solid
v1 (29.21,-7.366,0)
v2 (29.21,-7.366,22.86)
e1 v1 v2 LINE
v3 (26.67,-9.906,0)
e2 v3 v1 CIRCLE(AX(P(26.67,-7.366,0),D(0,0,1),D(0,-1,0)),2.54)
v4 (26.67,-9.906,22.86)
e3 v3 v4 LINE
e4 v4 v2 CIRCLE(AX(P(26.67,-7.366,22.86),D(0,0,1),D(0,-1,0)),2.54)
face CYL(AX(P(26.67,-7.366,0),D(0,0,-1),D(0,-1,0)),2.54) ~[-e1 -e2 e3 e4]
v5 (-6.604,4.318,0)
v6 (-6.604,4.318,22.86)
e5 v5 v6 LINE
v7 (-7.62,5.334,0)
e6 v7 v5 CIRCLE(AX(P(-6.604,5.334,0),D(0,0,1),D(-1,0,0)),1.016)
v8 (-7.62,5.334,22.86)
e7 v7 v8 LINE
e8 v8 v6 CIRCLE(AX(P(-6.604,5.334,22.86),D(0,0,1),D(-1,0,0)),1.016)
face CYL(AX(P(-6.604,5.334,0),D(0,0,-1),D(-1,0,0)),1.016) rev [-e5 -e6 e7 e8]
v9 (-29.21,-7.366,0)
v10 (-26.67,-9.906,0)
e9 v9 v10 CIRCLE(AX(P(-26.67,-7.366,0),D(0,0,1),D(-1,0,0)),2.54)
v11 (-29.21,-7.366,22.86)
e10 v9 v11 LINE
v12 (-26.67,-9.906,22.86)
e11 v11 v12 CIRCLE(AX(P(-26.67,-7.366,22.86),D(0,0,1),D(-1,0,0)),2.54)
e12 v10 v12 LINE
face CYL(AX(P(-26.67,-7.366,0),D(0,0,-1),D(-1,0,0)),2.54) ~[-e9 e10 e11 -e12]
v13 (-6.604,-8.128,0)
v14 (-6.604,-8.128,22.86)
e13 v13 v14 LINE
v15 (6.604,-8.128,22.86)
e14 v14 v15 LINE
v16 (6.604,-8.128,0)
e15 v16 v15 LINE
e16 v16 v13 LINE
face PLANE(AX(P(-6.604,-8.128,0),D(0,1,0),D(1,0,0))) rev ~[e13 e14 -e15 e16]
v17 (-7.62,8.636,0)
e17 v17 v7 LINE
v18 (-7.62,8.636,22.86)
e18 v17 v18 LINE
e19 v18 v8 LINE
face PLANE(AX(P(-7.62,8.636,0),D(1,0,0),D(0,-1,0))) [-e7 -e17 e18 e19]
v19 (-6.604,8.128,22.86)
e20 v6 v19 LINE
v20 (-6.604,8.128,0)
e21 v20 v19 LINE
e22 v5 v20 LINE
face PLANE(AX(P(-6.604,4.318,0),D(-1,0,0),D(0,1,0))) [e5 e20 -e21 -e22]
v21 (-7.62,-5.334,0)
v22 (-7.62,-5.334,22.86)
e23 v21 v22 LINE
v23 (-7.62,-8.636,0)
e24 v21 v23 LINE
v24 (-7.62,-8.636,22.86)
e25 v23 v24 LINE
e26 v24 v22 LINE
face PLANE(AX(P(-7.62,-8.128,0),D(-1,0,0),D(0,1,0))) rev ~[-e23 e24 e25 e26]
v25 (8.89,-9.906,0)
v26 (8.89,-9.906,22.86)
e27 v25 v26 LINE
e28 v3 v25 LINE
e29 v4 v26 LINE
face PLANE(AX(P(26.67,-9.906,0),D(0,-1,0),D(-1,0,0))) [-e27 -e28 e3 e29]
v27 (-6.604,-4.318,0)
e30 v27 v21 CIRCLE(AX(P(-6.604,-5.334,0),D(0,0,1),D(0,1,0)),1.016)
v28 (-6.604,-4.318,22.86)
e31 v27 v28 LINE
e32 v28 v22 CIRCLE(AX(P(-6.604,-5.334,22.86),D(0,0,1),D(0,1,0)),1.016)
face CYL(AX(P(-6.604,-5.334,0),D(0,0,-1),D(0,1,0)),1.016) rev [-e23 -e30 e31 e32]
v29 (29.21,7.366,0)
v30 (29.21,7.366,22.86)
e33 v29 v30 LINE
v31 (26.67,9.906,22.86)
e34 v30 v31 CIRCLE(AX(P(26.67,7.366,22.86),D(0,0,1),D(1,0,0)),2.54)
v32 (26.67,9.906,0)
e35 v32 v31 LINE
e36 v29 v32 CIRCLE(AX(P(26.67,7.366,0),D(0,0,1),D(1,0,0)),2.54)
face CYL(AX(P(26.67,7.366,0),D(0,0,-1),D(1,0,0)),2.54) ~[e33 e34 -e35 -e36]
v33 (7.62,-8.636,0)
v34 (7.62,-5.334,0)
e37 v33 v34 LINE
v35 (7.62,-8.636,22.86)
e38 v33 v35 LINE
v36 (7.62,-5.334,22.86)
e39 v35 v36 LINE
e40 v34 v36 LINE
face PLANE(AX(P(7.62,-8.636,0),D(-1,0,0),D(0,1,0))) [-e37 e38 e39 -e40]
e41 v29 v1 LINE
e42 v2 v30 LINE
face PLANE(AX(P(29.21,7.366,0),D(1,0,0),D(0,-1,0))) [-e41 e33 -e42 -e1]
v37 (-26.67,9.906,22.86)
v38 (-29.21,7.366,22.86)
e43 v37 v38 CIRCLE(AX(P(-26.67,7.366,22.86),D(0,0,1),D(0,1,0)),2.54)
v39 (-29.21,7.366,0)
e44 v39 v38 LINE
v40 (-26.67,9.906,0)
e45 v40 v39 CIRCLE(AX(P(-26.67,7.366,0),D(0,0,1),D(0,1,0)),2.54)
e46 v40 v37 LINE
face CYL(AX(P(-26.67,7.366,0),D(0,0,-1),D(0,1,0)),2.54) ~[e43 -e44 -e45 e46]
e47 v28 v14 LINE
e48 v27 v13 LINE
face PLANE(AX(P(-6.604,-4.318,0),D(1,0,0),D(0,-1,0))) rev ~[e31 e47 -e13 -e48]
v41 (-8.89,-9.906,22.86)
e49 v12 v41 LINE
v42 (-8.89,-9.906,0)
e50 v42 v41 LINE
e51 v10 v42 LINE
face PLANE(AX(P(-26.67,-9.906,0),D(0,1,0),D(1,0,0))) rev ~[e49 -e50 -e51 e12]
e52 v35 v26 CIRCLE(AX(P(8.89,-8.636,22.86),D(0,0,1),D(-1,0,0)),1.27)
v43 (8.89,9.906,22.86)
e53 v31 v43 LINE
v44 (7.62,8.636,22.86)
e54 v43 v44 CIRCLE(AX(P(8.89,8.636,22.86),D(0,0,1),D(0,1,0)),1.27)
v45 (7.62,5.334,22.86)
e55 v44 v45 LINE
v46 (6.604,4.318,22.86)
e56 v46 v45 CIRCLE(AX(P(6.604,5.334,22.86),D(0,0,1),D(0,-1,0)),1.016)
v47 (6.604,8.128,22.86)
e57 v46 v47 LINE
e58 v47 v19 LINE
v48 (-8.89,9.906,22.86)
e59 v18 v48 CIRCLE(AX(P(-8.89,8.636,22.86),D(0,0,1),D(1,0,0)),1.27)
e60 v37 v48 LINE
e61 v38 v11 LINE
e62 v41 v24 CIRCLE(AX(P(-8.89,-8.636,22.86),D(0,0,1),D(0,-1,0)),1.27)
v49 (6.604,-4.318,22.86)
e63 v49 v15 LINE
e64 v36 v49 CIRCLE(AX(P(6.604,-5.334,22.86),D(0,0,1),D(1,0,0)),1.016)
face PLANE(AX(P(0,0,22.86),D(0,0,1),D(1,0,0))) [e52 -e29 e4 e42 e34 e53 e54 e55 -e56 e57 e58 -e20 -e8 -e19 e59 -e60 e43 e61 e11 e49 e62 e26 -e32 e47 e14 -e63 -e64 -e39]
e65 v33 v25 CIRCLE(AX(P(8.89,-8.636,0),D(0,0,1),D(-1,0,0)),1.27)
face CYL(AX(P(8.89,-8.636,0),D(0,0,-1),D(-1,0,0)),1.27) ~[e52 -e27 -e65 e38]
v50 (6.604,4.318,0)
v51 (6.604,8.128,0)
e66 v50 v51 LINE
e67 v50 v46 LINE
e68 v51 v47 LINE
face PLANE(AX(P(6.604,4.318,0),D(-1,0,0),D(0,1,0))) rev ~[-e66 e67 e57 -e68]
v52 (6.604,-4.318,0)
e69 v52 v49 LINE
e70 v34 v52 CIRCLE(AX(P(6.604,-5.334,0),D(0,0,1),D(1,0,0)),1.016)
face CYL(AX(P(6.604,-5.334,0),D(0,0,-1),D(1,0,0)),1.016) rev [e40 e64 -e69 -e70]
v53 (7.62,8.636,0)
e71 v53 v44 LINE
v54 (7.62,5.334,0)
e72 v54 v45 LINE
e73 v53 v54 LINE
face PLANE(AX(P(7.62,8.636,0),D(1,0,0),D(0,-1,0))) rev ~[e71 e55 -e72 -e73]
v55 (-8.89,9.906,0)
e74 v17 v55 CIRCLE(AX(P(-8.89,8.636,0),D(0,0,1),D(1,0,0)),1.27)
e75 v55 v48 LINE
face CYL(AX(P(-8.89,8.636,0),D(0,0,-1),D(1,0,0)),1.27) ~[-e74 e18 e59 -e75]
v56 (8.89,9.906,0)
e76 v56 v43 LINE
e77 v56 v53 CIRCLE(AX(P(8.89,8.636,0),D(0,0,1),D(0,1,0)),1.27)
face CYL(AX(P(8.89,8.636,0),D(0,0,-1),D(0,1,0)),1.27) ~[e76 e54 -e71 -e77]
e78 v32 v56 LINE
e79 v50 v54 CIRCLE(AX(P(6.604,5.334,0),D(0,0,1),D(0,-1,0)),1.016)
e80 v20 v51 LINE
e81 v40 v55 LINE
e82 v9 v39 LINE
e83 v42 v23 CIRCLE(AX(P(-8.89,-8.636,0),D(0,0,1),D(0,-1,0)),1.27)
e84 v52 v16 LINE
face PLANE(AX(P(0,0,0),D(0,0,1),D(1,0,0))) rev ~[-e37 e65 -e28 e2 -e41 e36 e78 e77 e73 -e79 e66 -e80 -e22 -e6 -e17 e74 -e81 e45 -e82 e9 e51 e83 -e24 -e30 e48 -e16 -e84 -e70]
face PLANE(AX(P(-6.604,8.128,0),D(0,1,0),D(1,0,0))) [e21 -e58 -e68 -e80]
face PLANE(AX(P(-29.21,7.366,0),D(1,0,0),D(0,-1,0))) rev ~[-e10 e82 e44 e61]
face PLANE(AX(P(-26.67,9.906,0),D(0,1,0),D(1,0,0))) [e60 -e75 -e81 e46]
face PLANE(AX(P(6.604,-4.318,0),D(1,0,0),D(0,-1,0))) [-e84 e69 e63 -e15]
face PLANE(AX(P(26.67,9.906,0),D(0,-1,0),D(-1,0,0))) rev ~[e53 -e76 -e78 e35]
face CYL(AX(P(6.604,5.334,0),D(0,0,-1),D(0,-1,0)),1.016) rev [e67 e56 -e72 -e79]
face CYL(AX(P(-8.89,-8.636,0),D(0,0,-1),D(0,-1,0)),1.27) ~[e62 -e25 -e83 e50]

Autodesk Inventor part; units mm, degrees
ref_plane "YZ Plane" through (0, 0, 0) normal (1, 0, 0) x (0, 1, 0)
ref_plane "XZ Plane" through (0, 0, 0) normal (0, 1, 0) x (-1, 0, 0)
ref_plane "XY Plane" through (0, 0, 0) normal (0, 0, 1) x (1, 0, 0)
sketch "Sketch1" plane through (0, 0, 0) normal (0, 0, 1) x (1, 0, 0)
  line L0 (-26.67, 9.906) -> (-8.89, 9.906)
  line L1 (-7.62, 8.636) -> (-7.62, 5.334)
  line L2 (-6.604, 4.318) -> (-6.604, 4.318)
  line L3 (-6.604, 4.318) -> (-6.604, 8.128)
  line L4 (-6.604, 8.128) -> (0, 8.128)
  line L5 (-29.21, 7.366) -> (-29.21, 0)
  line L6 (0, 8.128) -> (0, 0)
  line L7 (0, 0) -> (-29.21, 0)
  arc A0 (-7.62, 5.334) -> (-6.604, 4.318) centre (-6.604, 5.334) ccw
  arc A1 (-7.62, 8.636) -> (-8.89, 9.906) centre (-8.89, 8.636) ccw
  arc A2 (-26.67, 9.906) -> (-29.21, 7.366) centre (-26.67, 7.366) ccw
  line L8 (26.67, 9.906) -> (8.89, 9.906)
  line L9 (7.62, 8.636) -> (7.62, 5.334)
  line L10 (6.604, 4.318) -> (6.604, 4.318)
  line L11 (6.604, 4.318) -> (6.604, 8.128)
  line L12 (6.604, 8.128) -> (0, 8.128)
  line L13 (29.21, 7.366) -> (29.21, 0)
  line L14 (0, 0) -> (29.21, 0)
  arc A3 (6.604, 4.318) -> (7.62, 5.334) centre (6.604, 5.334) ccw
  arc A4 (8.89, 9.906) -> (7.62, 8.636) centre (8.89, 8.636) ccw
  arc A5 (29.21, 7.366) -> (26.67, 9.906) centre (26.67, 7.366) ccw
  line L15 (-26.67, -9.906) -> (-8.89, -9.906)
  line L16 (-7.62, -8.636) -> (-7.62, -8.128)
  line L17 (-6.604, -4.318) -> (-6.604, -8.128)
  line L18 (-6.604, -8.128) -> (0, -8.128)
  line L19 (-29.21, -7.366) -> (-29.21, 0)
  line L20 (0, -8.128) -> (0, 0)
  arc A6 (-8.89, -9.906) -> (-7.62, -8.636) centre (-8.89, -8.636) ccw
  arc A7 (-29.21, -7.366) -> (-26.67, -9.906) centre (-26.67, -7.366) ccw
  line L21 (29.21, -7.366) -> (29.21, 0)
  arc A8 (26.67, -9.906) -> (29.21, -7.366) centre (26.67, -7.366) ccw
  line L22 (26.67, -9.906) -> (8.89, -9.906)
  arc A9 (7.62, -8.636) -> (8.89, -9.906) centre (8.89, -8.636) ccw
  line L23 (6.604, -4.318) -> (6.604, -8.128)
  line L24 (6.604, -8.128) -> (0, -8.128)
  line L25 (-7.62, -8.636) -> (-7.62, -5.334)
  line L26 (-7.62, -5.334) -> (-7.62, -5.334)
  line L27 (-6.604, -4.318) -> (-6.604, -4.318)
  arc A10 (-6.604, -4.318) -> (-7.62, -5.334) centre (-6.604, -5.334) ccw
  line L28 (7.62, -8.636) -> (7.62, -5.334)
  line L29 (7.62, -5.334) -> (7.62, -5.334)
  line L30 (6.604, -4.318) -> (6.604, -4.318)
  arc A11 (7.62, -5.334) -> (6.604, -4.318) centre (6.604, -5.334) ccw
  point P0 (-7.62, -4.318)
  dimension "d0" = 29.21
  dimension "d1" = 7.62
  dimension "d2" = 1.016
  dimension "d3" = 5.588
  dimension "d4" = 9.906
  dimension "d5" = 8.128
  dimension "d6" = 1.016
  dimension "d7" = 1.27
  dimension "d8" = 2.54
  dimension "d9" = 1.016
  dimension "d10" = 1.016
extrude "Extrusion1" add sketch "Sketch1" along normal blind 22.86
properties part number "ARTHURw5.5bAutomobloxConnectorPiece"
